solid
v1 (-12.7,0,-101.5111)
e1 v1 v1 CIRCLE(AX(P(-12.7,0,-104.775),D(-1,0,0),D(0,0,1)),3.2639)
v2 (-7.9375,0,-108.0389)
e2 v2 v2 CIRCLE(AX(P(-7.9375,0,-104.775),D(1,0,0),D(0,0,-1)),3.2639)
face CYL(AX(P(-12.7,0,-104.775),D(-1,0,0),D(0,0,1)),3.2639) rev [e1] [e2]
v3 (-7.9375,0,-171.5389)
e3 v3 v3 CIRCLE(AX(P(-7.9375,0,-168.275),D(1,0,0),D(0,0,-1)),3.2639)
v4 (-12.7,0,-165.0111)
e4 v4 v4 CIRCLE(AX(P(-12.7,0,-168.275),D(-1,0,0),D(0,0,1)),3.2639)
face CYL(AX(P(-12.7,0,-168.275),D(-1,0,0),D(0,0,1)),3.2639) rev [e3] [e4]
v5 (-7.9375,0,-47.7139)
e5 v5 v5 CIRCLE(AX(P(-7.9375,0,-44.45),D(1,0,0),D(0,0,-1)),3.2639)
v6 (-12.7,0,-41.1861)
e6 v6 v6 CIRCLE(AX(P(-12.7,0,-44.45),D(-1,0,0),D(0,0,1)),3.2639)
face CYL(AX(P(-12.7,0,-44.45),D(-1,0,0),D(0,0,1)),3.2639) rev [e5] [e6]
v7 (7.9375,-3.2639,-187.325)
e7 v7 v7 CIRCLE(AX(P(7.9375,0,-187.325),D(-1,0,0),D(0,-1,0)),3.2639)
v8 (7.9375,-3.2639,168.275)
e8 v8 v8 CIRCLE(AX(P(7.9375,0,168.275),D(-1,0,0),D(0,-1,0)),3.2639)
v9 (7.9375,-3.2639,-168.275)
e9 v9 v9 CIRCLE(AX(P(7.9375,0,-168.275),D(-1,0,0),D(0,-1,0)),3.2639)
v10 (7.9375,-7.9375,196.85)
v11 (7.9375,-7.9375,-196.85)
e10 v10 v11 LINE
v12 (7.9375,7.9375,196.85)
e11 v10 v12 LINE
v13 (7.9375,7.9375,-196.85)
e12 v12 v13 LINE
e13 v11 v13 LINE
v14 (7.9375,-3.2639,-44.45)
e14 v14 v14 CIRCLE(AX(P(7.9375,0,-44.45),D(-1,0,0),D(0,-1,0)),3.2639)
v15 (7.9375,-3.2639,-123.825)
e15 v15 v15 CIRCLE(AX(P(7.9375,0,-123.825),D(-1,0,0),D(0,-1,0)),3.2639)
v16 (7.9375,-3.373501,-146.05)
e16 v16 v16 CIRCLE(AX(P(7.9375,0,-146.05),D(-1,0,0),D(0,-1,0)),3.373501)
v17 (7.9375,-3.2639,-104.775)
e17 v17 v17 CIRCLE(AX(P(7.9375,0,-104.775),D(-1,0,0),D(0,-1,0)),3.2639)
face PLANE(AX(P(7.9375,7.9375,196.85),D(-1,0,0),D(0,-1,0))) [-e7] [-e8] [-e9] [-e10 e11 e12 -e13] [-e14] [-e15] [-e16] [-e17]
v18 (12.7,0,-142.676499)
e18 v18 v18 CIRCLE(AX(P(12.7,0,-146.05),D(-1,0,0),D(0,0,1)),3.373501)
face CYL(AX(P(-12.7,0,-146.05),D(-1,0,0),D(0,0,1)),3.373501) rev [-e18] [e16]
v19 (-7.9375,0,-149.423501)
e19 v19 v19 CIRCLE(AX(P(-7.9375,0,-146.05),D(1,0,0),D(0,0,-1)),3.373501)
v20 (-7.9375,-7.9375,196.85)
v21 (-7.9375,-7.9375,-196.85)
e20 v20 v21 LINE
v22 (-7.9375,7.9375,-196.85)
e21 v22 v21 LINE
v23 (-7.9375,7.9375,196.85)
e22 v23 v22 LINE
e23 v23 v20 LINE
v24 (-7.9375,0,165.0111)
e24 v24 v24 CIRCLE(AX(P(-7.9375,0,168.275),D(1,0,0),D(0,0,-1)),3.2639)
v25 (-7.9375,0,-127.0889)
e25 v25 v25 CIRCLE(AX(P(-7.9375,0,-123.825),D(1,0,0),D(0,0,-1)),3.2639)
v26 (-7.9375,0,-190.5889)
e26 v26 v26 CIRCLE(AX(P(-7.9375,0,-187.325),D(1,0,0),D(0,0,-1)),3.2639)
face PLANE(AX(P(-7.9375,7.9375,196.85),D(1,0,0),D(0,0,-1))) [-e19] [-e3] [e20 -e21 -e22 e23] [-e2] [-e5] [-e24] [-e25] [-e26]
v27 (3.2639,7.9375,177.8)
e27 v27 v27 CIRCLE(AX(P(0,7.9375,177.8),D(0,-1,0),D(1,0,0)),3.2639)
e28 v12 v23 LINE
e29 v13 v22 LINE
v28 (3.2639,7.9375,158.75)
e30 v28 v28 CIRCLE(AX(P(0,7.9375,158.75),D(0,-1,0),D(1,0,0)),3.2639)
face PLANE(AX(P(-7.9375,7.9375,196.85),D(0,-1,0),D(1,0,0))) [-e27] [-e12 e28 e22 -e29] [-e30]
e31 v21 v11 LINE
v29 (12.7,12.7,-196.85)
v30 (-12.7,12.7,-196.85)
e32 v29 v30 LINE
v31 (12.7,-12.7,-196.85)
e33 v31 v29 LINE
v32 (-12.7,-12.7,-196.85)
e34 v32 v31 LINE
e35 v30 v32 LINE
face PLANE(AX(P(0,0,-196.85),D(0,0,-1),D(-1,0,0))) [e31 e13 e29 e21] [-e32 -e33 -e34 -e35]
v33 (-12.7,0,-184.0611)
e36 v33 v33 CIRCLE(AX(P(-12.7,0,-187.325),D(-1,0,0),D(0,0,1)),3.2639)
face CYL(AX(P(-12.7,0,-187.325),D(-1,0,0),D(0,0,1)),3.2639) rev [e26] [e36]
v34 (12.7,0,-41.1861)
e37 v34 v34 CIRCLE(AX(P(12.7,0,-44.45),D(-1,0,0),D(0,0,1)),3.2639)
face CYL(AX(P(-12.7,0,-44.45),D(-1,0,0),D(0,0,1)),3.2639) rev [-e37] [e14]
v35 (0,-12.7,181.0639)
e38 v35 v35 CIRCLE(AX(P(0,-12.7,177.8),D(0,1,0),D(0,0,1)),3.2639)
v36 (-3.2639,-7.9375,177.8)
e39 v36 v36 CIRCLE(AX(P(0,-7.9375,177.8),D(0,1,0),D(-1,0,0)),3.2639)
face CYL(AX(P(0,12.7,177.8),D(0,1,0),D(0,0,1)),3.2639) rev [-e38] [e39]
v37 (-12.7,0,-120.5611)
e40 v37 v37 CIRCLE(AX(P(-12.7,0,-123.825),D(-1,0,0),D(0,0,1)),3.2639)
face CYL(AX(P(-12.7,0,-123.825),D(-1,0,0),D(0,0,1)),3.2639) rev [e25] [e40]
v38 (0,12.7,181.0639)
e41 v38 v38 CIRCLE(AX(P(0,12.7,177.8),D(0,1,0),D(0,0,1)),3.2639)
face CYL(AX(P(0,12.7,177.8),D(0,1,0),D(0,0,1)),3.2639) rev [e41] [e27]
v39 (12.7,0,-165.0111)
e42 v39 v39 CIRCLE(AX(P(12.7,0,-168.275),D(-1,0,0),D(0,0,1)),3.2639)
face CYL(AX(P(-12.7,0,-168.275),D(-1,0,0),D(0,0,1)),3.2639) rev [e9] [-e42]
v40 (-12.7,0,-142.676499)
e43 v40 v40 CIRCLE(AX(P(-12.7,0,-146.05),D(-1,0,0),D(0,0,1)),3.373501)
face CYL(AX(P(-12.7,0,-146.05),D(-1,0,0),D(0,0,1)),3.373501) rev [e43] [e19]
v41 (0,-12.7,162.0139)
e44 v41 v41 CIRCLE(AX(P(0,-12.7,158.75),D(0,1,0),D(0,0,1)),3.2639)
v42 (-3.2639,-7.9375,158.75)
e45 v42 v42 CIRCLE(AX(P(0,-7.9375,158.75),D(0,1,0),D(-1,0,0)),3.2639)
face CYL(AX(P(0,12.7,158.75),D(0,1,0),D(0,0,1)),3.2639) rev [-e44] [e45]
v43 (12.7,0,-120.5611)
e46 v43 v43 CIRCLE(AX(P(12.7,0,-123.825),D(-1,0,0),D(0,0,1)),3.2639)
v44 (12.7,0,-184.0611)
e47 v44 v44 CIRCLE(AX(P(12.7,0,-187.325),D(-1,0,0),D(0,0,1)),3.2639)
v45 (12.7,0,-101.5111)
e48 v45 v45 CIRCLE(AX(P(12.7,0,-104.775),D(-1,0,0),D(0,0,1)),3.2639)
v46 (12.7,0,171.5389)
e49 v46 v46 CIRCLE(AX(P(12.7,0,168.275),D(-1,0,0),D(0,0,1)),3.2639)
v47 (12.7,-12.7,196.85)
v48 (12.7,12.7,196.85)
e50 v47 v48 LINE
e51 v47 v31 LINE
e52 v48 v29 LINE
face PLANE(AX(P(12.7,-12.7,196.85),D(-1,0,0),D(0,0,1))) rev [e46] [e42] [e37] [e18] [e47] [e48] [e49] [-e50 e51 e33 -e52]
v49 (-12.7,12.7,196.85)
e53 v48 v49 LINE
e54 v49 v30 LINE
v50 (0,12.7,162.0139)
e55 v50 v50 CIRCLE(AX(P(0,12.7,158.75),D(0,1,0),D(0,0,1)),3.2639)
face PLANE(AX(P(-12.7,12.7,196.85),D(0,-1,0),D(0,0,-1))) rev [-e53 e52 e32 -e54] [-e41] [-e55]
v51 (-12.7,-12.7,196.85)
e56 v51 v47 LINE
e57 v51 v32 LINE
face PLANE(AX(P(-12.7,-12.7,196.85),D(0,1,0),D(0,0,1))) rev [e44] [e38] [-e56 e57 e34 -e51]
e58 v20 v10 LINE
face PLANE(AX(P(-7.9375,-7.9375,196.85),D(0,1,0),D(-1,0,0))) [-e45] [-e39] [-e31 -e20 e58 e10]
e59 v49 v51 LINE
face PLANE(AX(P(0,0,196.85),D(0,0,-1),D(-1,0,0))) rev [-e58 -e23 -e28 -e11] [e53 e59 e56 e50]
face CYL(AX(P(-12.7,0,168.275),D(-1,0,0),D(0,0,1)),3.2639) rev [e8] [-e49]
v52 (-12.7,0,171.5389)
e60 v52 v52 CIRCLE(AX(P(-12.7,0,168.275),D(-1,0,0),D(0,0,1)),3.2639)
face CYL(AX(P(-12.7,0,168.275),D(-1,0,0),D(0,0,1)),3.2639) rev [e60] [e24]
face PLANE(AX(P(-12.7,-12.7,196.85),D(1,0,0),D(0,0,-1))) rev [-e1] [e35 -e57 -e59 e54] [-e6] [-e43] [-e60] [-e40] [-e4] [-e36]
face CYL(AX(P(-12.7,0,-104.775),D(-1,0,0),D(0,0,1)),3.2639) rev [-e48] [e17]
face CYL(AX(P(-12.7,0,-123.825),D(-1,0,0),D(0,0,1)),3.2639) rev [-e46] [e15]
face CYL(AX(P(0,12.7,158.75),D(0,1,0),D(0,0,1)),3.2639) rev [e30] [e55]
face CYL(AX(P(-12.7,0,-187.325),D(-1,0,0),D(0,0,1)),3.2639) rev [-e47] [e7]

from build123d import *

# Parameters (mm, degrees)
SKETCH4_W                        = 25.4
SKETCH4_H                        = 25.4
SKETCH4_W_2                      = 15.875
SKETCH4_H_2                      = 15.875
BOSS_EXTRUDE1_DEPTH              = 196.85
F_0_257_DIAMETER_HOLE1_D         = 6.5278
F_0_257_DIAMETER_HOLE2_D         = 6.5278
F_0_257_DIAMETER_HOLE3_D         = 6.5278
F_17_64_0_26563_DIAMETER_HOLE1_D = 6.747002


with BuildPart() as part:
    # Sketch4 → Boss-Extrude1 (new body, symmetric)
    with BuildSketch(Plane.XY):
        Rectangle(SKETCH4_W, SKETCH4_H)
        Rectangle(SKETCH4_W_2, SKETCH4_H_2, mode=Mode.SUBTRACT)
    extrude(amount=BOSS_EXTRUDE1_DEPTH, both=True)

    # F (0.257) Diameter Hole1 (through all)
    with Locations(Plane.ZY.offset(12.7)):
        with Locations((-104.775, 0), (-123.825, 0), (-168.275, 0), (-187.325, 0)):
            Hole(F_0_257_DIAMETER_HOLE1_D / 2)

    # F (0.257) Diameter Hole2 (through all)
    with Locations(Plane(origin=(0, 12.7, 0), x_dir=(1, 0, 0), z_dir=(0, 1, 0))):
        with Locations((0, -177.8), (0, -158.75)):
            Hole(F_0_257_DIAMETER_HOLE2_D / 2)

    # F (0.257) Diameter Hole3 (through all)
    with Locations(Plane.ZY.offset(12.7)):
        with Locations((168.275, 0), (-44.45, 0)):
            Hole(F_0_257_DIAMETER_HOLE3_D / 2)

    # 17/64 (0.26563) Diameter Hole1 (through all)
    with Locations(Plane.ZY.offset(12.7)):
        with Locations((-146.05, 0)):
            Hole(F_17_64_0_26563_DIAMETER_HOLE1_D / 2)


solid = part.part
